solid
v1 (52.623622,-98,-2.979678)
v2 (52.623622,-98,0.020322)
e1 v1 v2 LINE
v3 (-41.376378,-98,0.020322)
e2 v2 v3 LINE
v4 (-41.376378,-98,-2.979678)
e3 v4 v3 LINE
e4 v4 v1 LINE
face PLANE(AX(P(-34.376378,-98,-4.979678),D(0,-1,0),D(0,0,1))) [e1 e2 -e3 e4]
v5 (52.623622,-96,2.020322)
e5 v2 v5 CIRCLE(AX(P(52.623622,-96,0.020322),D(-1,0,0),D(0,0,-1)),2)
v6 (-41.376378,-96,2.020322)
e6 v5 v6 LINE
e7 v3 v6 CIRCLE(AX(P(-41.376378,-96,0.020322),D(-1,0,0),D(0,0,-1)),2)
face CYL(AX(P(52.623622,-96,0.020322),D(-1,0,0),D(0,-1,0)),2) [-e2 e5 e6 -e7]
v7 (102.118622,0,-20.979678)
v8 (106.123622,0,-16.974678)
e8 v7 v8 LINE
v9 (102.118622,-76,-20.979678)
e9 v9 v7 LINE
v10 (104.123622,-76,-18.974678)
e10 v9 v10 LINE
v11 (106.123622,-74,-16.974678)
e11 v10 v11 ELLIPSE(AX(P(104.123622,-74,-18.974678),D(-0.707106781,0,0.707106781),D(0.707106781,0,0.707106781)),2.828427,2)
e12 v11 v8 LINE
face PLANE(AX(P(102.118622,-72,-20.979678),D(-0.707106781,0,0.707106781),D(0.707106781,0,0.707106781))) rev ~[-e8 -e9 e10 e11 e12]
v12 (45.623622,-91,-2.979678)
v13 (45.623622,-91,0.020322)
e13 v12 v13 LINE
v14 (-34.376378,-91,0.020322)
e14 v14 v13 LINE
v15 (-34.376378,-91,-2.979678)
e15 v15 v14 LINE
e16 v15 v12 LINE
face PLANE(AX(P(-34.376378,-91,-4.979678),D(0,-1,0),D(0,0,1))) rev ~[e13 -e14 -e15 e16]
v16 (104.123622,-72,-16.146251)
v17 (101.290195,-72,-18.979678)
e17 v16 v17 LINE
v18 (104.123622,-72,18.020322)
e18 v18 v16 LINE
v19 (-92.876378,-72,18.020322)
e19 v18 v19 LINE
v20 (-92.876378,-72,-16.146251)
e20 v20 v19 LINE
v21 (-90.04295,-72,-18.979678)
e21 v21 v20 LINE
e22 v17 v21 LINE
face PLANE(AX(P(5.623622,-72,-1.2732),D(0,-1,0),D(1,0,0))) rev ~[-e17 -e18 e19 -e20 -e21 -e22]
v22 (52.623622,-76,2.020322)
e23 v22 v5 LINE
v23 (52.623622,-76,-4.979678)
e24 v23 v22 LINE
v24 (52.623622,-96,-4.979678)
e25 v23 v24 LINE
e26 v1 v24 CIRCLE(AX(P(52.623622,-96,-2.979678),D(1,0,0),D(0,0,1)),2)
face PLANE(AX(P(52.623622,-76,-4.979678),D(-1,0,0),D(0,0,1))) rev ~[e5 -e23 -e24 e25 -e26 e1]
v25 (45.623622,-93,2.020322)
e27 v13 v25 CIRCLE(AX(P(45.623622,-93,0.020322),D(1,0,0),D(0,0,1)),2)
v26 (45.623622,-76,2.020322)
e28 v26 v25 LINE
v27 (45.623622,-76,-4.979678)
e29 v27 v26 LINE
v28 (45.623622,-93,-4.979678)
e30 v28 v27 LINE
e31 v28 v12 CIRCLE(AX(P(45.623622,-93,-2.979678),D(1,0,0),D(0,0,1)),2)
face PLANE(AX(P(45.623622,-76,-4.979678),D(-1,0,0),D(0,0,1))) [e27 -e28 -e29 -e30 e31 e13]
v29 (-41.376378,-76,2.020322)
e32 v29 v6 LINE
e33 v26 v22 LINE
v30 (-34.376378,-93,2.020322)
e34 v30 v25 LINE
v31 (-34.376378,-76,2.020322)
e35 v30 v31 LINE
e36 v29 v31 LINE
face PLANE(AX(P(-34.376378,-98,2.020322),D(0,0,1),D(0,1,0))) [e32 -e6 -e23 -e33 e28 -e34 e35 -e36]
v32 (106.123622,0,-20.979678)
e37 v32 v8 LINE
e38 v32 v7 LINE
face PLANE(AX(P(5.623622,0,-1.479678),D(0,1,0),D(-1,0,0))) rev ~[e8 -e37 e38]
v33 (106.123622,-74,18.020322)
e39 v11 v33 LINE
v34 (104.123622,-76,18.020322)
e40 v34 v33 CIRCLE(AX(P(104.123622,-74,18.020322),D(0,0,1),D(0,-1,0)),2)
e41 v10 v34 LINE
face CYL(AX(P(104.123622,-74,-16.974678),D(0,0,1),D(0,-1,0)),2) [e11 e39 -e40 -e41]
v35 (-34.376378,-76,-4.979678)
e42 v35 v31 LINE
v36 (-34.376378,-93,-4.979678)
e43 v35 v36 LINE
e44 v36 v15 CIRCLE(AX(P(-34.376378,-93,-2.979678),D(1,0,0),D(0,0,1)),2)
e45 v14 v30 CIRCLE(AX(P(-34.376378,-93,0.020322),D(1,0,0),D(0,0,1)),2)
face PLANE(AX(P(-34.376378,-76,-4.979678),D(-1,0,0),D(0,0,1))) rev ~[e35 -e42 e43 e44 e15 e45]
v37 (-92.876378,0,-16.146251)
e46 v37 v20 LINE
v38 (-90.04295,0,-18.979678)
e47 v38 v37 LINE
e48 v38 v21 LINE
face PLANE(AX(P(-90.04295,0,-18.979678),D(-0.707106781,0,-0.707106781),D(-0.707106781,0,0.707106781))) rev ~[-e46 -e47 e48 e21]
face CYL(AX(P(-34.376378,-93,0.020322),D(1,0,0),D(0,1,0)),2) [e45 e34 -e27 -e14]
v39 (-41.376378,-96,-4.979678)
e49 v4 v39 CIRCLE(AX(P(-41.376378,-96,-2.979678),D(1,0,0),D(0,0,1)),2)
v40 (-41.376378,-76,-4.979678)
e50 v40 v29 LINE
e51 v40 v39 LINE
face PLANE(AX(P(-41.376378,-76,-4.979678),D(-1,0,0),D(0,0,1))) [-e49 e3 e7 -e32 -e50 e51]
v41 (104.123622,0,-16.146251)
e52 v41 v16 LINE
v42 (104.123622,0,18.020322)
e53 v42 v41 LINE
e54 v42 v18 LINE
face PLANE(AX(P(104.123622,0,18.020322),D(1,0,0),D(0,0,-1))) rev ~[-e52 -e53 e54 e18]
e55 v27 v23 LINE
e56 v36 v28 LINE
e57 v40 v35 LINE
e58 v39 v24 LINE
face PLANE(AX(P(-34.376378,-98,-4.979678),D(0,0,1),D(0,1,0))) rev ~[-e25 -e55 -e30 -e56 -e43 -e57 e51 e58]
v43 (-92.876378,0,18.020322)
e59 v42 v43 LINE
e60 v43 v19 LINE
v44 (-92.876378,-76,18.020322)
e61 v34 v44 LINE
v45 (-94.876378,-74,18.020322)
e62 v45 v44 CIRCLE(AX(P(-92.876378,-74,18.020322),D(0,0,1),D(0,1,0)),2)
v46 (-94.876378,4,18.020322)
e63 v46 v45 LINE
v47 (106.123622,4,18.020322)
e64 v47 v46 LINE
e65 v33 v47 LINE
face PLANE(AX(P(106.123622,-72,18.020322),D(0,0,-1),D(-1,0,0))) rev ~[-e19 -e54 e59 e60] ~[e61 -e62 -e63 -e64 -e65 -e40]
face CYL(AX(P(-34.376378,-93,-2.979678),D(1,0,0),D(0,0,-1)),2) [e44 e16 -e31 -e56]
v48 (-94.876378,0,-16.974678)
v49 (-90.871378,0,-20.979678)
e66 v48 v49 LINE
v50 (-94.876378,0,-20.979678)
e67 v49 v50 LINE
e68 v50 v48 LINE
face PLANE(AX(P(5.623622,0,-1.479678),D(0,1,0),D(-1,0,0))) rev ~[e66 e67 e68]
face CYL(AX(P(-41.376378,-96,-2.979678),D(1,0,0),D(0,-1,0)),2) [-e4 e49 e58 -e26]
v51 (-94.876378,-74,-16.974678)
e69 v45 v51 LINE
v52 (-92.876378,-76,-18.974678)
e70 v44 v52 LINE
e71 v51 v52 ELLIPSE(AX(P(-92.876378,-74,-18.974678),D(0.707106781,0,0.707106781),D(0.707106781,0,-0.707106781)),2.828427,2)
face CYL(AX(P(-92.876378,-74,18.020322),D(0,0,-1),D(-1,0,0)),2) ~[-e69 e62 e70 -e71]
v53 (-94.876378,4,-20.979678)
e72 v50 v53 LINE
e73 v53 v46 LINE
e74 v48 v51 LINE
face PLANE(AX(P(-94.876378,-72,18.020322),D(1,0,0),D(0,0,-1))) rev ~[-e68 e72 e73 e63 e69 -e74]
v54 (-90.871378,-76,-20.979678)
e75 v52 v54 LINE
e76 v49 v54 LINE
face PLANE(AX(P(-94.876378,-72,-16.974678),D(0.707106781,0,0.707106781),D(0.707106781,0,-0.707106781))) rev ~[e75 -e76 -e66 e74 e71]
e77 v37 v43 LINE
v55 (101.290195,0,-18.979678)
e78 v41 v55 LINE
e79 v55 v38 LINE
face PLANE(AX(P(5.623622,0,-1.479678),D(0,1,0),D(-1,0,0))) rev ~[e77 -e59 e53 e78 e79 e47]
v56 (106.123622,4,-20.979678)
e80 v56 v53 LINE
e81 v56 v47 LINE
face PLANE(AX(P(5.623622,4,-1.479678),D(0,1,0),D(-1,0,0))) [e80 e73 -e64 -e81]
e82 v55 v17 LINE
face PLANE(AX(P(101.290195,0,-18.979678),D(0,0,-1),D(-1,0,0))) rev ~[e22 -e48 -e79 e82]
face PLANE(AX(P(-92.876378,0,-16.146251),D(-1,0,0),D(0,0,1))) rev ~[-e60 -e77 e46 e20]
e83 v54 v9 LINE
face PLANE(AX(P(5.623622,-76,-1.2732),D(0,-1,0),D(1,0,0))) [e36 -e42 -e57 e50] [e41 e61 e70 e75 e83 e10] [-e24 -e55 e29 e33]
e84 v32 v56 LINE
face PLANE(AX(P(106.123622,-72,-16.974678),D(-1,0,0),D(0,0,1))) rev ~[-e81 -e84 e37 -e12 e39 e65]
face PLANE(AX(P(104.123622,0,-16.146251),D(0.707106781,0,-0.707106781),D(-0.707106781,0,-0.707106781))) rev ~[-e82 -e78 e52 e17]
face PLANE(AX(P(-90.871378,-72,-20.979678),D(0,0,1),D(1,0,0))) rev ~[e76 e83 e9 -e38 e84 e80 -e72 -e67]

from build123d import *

# Parameters (mm, degrees)
F1_DEPTH  = 72
F2_W      = 201
F2_H      = 39
F3_DEPTH  = 4
F5_DEPTH  = 4
F6_R      = 2
F7_W      = 7
F7_H      = 7
F8_DEPTH  = 22
F9_W      = 7
F9_H      = 7
F10_DEPTH = 80
F11_R     = 2


with BuildPart() as f1:
    # F0 (on Front) → F1 (new body)
    with BuildSketch(Plane.XZ):
        Polygon((-92.8763775631, 18.0203217369), (-94.8763775631, 18.0203217369), (-94.8763775631, -16.9746782631), (-90.8713775631, -20.9796782631), (102.1186224369, -20.9796782631), (106.1236224369, -16.9746782631), (106.1236224369, 18.0203217369), (104.1236224369, 18.0203217369), (104.1236224369, -16.1462511383), (101.2901953121, -18.9796782631), (-90.0429504384, -18.9796782631), (-92.8763775631, -16.1462511383), align=None)
    extrude(amount=F1_DEPTH)

    # F2 (on face) → F3 (join)
    with BuildSketch(Plane(origin=(0, 0, 0), x_dir=(-1, 0, 0), z_dir=(0, 1, 0))):
        with Locations((-5.6236224369, -1.4796782631)):
            Rectangle(F2_W, F2_H)
    extrude(amount=F3_DEPTH)

    # F4 (on face) → F5 (join)
    with BuildSketch(Plane.XZ.offset(72)):
        Polygon((106.1236224369, 18.0203217369), (-94.8763775631, 18.0203217369), (-94.8763775631, -16.9746782631), (-90.8713775631, -20.9796782631), (102.1186224369, -20.9796782631), (106.1236224369, -16.9746782631), align=None)
    extrude(amount=F5_DEPTH)

    # F6
    f6_edges = [f1.edges().sort_by_distance(p)[0] for p in [
        (-94.876378, -76, 0.522822),
        (106.123622, -76, 0.522822),
    ]]
    fillet(f6_edges, radius=F6_R)

    # F7 (on face) → F8 (join)
    with BuildSketch(Plane.XZ.offset(76)):
        with Locations((49.1236224369, -1.4796782631)):
            Rectangle(F7_W, F7_H)
        with Locations((-37.8763775631, -1.4796782631)):
            Rectangle(F7_W, F7_H)
    extrude(amount=F8_DEPTH)

    # F9 (on face) → F10 (join)
    with BuildSketch(Plane.YZ.offset(-34.3763775631)):
        with Locations((-94.5, -1.4796782631)):
            Rectangle(F9_W, F9_H)
    extrude(amount=F10_DEPTH)

    # F11
    f11_edges = [f1.edges().sort_by_distance(p)[0] for p in [
        (5.623622, -98, 2.020322),
        (5.623622, -98, -4.979678),
        (5.623622, -91, 2.020322),
        (5.623622, -91, -4.979678),
    ]]
    fillet(f11_edges, radius=F11_R)


solid = f1.part
